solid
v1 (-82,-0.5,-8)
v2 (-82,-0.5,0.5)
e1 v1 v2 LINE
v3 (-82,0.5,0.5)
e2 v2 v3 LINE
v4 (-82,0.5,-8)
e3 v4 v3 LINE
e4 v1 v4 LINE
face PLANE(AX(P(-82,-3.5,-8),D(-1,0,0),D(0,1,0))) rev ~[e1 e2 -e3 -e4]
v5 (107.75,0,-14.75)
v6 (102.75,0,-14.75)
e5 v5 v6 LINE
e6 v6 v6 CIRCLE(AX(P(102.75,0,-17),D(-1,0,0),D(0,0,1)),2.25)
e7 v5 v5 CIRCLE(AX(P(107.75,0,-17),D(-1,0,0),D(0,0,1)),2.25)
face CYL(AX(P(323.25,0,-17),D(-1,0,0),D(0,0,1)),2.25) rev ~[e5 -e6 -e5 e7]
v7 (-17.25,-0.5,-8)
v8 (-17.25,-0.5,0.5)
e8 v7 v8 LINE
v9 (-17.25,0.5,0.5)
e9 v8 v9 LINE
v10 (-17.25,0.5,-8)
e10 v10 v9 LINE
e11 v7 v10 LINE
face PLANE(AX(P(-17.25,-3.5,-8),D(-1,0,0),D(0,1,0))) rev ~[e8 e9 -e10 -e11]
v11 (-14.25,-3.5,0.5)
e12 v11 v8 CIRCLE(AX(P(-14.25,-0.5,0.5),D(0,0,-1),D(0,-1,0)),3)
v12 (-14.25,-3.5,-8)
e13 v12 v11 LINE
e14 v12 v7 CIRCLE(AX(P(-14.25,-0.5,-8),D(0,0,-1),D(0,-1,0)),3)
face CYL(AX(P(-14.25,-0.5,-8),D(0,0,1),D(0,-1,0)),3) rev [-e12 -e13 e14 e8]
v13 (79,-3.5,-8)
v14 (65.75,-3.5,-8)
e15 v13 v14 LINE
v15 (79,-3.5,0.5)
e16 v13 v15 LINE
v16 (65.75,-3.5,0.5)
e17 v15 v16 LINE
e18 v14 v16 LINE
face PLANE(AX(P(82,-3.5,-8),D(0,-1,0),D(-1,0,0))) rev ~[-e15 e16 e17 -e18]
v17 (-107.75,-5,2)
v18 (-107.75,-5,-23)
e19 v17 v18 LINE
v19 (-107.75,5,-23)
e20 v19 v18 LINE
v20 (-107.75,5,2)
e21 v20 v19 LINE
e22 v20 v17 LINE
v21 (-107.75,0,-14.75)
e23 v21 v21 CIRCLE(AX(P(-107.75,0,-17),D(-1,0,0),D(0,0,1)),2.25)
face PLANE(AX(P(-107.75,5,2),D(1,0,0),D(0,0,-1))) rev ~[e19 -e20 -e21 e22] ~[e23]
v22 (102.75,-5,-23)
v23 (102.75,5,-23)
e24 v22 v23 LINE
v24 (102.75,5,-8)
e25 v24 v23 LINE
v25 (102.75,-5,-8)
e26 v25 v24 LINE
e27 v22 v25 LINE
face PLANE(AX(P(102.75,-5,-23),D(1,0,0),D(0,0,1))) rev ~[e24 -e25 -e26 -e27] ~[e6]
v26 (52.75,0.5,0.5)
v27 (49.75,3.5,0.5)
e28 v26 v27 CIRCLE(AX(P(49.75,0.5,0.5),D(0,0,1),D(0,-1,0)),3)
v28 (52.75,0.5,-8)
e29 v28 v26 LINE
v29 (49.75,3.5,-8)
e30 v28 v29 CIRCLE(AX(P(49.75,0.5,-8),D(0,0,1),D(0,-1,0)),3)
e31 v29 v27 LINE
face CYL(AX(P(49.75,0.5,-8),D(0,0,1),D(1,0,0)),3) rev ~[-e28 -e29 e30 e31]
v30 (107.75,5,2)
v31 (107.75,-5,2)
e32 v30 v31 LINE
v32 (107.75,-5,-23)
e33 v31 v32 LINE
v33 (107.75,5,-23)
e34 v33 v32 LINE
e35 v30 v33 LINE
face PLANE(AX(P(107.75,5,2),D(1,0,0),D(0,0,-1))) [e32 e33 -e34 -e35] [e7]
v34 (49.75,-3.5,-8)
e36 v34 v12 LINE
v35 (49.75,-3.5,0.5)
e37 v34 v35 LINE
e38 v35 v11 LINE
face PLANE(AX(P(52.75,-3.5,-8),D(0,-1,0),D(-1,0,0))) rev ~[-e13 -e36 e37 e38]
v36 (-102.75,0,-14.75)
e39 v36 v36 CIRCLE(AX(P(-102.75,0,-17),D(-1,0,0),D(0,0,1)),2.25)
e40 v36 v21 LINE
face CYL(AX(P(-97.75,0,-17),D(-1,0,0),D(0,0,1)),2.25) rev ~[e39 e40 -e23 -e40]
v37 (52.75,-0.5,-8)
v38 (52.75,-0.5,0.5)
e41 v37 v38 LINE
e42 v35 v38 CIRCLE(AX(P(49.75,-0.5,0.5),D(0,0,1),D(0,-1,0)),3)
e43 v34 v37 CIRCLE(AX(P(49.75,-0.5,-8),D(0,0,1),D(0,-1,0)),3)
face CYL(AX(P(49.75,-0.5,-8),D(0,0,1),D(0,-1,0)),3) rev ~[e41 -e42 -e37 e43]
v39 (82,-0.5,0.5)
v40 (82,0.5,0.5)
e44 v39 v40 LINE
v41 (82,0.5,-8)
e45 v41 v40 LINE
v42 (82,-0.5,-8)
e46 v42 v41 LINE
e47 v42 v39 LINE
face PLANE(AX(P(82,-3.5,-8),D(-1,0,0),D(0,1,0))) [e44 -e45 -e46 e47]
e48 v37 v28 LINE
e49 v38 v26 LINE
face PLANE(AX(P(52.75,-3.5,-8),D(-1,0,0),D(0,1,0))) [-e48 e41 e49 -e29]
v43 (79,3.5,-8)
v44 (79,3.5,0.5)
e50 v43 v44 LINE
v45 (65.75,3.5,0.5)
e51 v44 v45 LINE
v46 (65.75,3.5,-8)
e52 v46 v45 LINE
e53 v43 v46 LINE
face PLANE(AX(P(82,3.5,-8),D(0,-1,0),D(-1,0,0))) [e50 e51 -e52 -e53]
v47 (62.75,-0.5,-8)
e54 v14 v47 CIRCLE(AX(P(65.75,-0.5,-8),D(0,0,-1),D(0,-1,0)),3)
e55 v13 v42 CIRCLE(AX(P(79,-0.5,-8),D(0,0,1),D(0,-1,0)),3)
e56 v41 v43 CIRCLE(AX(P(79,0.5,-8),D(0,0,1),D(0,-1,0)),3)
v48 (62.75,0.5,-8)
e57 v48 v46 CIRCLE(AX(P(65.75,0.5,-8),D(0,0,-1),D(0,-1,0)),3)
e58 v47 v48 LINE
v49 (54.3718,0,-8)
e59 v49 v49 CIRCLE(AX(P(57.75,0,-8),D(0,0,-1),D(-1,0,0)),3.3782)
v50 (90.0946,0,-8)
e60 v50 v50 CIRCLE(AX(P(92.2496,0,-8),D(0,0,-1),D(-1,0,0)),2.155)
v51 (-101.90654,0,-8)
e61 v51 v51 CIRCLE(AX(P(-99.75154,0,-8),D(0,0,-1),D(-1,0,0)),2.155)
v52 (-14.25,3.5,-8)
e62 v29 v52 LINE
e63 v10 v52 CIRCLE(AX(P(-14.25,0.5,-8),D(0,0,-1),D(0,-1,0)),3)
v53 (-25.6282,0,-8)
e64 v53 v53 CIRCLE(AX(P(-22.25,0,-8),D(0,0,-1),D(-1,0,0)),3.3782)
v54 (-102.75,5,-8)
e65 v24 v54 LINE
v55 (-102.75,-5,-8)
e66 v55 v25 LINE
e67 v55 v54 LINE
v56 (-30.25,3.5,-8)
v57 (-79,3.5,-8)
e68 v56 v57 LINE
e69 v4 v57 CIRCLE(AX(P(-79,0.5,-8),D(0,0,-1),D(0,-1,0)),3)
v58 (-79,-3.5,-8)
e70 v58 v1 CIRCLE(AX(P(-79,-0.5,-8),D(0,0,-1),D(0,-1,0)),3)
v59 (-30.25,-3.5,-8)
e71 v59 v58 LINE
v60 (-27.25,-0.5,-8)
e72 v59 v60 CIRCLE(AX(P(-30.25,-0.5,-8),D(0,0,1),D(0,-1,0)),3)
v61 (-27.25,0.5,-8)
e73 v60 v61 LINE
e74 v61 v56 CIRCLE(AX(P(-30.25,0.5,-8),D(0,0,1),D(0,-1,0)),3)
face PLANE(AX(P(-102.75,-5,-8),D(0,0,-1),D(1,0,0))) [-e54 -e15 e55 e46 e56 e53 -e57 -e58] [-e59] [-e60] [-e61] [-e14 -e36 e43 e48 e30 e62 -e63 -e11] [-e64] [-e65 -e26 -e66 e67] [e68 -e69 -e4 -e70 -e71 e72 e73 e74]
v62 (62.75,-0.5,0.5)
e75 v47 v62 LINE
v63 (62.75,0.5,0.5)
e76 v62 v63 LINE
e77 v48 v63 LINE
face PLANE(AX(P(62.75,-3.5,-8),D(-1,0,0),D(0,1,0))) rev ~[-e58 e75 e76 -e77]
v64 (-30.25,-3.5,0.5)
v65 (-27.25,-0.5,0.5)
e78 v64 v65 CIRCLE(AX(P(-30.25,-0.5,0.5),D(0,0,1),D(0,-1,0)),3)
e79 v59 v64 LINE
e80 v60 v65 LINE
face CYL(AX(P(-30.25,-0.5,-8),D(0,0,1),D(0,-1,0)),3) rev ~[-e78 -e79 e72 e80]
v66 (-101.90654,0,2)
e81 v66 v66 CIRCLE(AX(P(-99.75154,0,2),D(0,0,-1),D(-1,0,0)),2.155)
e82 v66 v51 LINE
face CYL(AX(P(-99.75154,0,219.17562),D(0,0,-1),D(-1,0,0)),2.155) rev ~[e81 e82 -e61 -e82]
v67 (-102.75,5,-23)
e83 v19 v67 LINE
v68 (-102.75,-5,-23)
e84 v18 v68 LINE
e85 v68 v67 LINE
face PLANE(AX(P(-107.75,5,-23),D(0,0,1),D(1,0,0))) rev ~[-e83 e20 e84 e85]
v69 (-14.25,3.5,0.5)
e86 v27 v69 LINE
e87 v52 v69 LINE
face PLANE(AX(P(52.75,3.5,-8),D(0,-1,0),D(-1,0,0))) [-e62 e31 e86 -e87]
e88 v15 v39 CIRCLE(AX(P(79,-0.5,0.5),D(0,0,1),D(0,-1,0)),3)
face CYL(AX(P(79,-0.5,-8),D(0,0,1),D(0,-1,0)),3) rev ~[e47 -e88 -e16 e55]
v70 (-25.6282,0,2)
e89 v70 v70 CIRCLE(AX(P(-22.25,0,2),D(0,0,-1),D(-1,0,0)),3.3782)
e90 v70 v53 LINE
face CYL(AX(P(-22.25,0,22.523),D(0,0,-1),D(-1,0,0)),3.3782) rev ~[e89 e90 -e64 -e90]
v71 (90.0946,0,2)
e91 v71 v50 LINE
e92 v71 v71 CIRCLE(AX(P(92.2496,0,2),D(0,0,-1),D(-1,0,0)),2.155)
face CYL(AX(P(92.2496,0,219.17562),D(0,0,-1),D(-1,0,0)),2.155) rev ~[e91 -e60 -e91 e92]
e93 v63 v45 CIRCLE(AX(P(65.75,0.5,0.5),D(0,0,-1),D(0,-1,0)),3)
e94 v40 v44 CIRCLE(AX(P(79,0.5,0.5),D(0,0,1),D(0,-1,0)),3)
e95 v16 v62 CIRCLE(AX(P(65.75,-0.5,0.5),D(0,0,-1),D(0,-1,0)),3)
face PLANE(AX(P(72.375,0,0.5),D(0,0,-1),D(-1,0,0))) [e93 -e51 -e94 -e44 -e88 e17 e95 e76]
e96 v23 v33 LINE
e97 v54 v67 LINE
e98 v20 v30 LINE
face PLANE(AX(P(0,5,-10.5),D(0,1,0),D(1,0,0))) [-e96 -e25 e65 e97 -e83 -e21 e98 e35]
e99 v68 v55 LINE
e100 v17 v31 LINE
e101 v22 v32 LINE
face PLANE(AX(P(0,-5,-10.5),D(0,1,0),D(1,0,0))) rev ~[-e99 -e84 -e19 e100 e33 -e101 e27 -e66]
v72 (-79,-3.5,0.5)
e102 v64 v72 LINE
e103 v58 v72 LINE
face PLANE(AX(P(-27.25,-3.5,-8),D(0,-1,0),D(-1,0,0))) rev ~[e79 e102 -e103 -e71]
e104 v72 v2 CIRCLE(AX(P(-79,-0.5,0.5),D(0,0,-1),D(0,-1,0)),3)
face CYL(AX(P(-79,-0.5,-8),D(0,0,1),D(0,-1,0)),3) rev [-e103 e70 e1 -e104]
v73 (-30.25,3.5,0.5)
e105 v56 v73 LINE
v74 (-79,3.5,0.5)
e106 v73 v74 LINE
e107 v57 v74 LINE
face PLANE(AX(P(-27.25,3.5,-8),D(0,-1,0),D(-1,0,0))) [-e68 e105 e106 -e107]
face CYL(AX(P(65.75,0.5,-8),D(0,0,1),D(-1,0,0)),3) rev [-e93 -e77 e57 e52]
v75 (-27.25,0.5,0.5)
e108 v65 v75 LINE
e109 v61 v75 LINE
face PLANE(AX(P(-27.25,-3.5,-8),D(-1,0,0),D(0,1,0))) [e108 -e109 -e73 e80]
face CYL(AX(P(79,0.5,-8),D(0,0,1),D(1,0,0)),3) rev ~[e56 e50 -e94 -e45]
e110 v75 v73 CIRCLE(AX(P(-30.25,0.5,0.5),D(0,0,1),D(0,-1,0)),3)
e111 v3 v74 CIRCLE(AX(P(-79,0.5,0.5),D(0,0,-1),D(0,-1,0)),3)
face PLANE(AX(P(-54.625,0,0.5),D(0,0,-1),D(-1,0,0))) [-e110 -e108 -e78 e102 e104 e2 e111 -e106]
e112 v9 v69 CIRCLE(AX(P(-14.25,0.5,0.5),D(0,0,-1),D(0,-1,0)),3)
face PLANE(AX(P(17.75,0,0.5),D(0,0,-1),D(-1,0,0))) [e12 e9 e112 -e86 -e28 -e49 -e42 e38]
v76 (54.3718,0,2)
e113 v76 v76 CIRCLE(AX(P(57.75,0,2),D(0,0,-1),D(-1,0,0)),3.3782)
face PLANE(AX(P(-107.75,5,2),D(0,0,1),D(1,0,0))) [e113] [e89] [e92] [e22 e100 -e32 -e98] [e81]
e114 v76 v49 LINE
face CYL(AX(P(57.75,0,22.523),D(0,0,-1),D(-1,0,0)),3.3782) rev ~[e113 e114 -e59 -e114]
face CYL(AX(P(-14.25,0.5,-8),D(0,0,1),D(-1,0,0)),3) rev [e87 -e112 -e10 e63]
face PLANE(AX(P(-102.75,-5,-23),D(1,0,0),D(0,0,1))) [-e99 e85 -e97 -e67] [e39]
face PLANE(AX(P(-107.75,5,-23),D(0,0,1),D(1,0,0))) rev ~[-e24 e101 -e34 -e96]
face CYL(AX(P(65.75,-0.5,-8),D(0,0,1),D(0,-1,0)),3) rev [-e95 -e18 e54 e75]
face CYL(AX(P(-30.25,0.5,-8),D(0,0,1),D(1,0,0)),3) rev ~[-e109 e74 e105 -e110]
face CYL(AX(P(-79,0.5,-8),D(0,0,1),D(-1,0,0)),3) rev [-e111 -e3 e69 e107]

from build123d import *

# Parameters (mm, degrees)
SKETCH1_W                              = 215.5
SKETCH1_H                              = 25
BOSS_EXTRUDE1_DEPTH                    = 10
SKETCH2_W                              = 205.5
SKETCH2_H                              = 15
CUT_EXTRUDE1_DEPTH                     = 11
SKETCH3_W                              = 70
SKETCH3_H                              = 7
CUT_EXTRUDE2_DEPTH                     = 8.5
SKETCH4_W                              = 54.75
SKETCH4_H                              = 7
CUT_EXTRUDE3_DEPTH                     = 8.5
SKETCH5_W                              = 19.25
SKETCH5_H                              = 7
CUT_EXTRUDE4_DEPTH                     = 8.5
F_4_5_4_5_DIAMETER_HOLE1_D             = 4.5
F_4_5_4_5_DIAMETER_HOLE1_DEPTH         = 5
M4_CLEARANCE_HOLE1_D                   = 4.31
TAPPED_HOLE_FOR_1_4_20_HELICOIL1_D     = 6.7564
TAPPED_HOLE_FOR_1_4_20_HELICOIL1_DEPTH = 20.523
TAPPED_HOLE_FOR_1_4_20_HELICOIL1_TIP   = 2.029827343
F_4_5_4_5_DIAMETER_HOLE2_D             = 4.5
F_4_5_4_5_DIAMETER_HOLE2_DEPTH         = 215.5
FILLET1_R                              = 3


with BuildPart() as part:
    # Sketch1 → Boss-Extrude1 (new body)
    with BuildSketch(Plane(origin=(0, 5, 0), x_dir=(1, 0, 0), z_dir=(0, 1, 0))):
        with Locations((0, 10.5)):
            Rectangle(SKETCH1_W, SKETCH1_H)
    extrude(amount=-BOSS_EXTRUDE1_DEPTH)

    # Sketch2 → Cut-Extrude1 (cut, through all)
    with BuildSketch(Plane.XZ.offset(5)):
        with Locations((0, -15.5)):
            Rectangle(SKETCH2_W, SKETCH2_H)
    extrude(amount=-CUT_EXTRUDE1_DEPTH, mode=Mode.SUBTRACT)

    # Sketch3 → Cut-Extrude2 (cut)
    with BuildSketch(Plane(origin=(0, 0, -8), x_dir=(-1, 0, 0), z_dir=(0, 0, -1))):
        with Locations((-17.75, 0)):
            Rectangle(SKETCH3_W, SKETCH3_H)
    extrude(amount=-CUT_EXTRUDE2_DEPTH, mode=Mode.SUBTRACT)

    # Sketch4 → Cut-Extrude3 (cut)
    with BuildSketch(Plane(origin=(0, 0, -8), x_dir=(-1, 0, 0), z_dir=(0, 0, -1))):
        with Locations((54.625, 0)):
            Rectangle(SKETCH4_W, SKETCH4_H)
    extrude(amount=-CUT_EXTRUDE3_DEPTH, mode=Mode.SUBTRACT)

    # Sketch5 → Cut-Extrude4 (cut)
    with BuildSketch(Plane(origin=(0, 0, -8), x_dir=(-1, 0, 0), z_dir=(0, 0, -1))):
        with Locations((-72.375, 0)):
            Rectangle(SKETCH5_W, SKETCH5_H)
    extrude(amount=-CUT_EXTRUDE4_DEPTH, mode=Mode.SUBTRACT)

    # Ø4.5 (4.5) Diameter Hole1
    with Locations(Plane(origin=(-102.75, 0, 0), x_dir=(0, 0, -1), z_dir=(1, 0, 0))):
        with Locations((17, 0)):
            Hole(F_4_5_4_5_DIAMETER_HOLE1_D / 2, depth=F_4_5_4_5_DIAMETER_HOLE1_DEPTH)

    # M4 Clearance Hole1 (through all)
    with Locations(Plane.XY.offset(2)):
        with Locations((-99.75154, 0), (92.2496, 0)):
            Hole(M4_CLEARANCE_HOLE1_D / 2)

    # Tapped Hole for 1/4-20 Helicoil1
    with Locations(Plane.XY.offset(2)):
        with Locations((57.75, 0), (-22.25, 0)):
            Hole(TAPPED_HOLE_FOR_1_4_20_HELICOIL1_D / 2, depth=TAPPED_HOLE_FOR_1_4_20_HELICOIL1_DEPTH)
            with Locations((0, 0, -(TAPPED_HOLE_FOR_1_4_20_HELICOIL1_DEPTH + TAPPED_HOLE_FOR_1_4_20_HELICOIL1_TIP / 2))):  # 118° drill point
                Cone(0, TAPPED_HOLE_FOR_1_4_20_HELICOIL1_D / 2, TAPPED_HOLE_FOR_1_4_20_HELICOIL1_TIP, mode=Mode.SUBTRACT)

    # Ø4.5 (4.5) Diameter Hole2
    with Locations(Plane(origin=(107.75, 0, 0), x_dir=(0, 0, -1), z_dir=(1, 0, 0))):
        with Locations((17, 0)):
            Hole(F_4_5_4_5_DIAMETER_HOLE2_D / 2, depth=F_4_5_4_5_DIAMETER_HOLE2_DEPTH)

    # Fillet1
    fillet1_edges = [part.edges().sort_by_distance(p)[0] for p in [
        (-17.25, 3.5, -3.75),
        (-17.25, -3.5, -3.75),
        (52.75, -3.5, -3.75),
        (52.75, 3.5, -3.75),
        (-82, 3.5, -3.75),
        (-82, -3.5, -3.75),
        (-27.25, -3.5, -3.75),
        (-27.25, 3.5, -3.75),
        (62.75, -3.5, -3.75),
        (82, -3.5, -3.75),
        (82, 3.5, -3.75),
        (62.75, 3.5, -3.75),
    ]]
    fillet(fillet1_edges, radius=FILLET1_R)


solid = part.part
